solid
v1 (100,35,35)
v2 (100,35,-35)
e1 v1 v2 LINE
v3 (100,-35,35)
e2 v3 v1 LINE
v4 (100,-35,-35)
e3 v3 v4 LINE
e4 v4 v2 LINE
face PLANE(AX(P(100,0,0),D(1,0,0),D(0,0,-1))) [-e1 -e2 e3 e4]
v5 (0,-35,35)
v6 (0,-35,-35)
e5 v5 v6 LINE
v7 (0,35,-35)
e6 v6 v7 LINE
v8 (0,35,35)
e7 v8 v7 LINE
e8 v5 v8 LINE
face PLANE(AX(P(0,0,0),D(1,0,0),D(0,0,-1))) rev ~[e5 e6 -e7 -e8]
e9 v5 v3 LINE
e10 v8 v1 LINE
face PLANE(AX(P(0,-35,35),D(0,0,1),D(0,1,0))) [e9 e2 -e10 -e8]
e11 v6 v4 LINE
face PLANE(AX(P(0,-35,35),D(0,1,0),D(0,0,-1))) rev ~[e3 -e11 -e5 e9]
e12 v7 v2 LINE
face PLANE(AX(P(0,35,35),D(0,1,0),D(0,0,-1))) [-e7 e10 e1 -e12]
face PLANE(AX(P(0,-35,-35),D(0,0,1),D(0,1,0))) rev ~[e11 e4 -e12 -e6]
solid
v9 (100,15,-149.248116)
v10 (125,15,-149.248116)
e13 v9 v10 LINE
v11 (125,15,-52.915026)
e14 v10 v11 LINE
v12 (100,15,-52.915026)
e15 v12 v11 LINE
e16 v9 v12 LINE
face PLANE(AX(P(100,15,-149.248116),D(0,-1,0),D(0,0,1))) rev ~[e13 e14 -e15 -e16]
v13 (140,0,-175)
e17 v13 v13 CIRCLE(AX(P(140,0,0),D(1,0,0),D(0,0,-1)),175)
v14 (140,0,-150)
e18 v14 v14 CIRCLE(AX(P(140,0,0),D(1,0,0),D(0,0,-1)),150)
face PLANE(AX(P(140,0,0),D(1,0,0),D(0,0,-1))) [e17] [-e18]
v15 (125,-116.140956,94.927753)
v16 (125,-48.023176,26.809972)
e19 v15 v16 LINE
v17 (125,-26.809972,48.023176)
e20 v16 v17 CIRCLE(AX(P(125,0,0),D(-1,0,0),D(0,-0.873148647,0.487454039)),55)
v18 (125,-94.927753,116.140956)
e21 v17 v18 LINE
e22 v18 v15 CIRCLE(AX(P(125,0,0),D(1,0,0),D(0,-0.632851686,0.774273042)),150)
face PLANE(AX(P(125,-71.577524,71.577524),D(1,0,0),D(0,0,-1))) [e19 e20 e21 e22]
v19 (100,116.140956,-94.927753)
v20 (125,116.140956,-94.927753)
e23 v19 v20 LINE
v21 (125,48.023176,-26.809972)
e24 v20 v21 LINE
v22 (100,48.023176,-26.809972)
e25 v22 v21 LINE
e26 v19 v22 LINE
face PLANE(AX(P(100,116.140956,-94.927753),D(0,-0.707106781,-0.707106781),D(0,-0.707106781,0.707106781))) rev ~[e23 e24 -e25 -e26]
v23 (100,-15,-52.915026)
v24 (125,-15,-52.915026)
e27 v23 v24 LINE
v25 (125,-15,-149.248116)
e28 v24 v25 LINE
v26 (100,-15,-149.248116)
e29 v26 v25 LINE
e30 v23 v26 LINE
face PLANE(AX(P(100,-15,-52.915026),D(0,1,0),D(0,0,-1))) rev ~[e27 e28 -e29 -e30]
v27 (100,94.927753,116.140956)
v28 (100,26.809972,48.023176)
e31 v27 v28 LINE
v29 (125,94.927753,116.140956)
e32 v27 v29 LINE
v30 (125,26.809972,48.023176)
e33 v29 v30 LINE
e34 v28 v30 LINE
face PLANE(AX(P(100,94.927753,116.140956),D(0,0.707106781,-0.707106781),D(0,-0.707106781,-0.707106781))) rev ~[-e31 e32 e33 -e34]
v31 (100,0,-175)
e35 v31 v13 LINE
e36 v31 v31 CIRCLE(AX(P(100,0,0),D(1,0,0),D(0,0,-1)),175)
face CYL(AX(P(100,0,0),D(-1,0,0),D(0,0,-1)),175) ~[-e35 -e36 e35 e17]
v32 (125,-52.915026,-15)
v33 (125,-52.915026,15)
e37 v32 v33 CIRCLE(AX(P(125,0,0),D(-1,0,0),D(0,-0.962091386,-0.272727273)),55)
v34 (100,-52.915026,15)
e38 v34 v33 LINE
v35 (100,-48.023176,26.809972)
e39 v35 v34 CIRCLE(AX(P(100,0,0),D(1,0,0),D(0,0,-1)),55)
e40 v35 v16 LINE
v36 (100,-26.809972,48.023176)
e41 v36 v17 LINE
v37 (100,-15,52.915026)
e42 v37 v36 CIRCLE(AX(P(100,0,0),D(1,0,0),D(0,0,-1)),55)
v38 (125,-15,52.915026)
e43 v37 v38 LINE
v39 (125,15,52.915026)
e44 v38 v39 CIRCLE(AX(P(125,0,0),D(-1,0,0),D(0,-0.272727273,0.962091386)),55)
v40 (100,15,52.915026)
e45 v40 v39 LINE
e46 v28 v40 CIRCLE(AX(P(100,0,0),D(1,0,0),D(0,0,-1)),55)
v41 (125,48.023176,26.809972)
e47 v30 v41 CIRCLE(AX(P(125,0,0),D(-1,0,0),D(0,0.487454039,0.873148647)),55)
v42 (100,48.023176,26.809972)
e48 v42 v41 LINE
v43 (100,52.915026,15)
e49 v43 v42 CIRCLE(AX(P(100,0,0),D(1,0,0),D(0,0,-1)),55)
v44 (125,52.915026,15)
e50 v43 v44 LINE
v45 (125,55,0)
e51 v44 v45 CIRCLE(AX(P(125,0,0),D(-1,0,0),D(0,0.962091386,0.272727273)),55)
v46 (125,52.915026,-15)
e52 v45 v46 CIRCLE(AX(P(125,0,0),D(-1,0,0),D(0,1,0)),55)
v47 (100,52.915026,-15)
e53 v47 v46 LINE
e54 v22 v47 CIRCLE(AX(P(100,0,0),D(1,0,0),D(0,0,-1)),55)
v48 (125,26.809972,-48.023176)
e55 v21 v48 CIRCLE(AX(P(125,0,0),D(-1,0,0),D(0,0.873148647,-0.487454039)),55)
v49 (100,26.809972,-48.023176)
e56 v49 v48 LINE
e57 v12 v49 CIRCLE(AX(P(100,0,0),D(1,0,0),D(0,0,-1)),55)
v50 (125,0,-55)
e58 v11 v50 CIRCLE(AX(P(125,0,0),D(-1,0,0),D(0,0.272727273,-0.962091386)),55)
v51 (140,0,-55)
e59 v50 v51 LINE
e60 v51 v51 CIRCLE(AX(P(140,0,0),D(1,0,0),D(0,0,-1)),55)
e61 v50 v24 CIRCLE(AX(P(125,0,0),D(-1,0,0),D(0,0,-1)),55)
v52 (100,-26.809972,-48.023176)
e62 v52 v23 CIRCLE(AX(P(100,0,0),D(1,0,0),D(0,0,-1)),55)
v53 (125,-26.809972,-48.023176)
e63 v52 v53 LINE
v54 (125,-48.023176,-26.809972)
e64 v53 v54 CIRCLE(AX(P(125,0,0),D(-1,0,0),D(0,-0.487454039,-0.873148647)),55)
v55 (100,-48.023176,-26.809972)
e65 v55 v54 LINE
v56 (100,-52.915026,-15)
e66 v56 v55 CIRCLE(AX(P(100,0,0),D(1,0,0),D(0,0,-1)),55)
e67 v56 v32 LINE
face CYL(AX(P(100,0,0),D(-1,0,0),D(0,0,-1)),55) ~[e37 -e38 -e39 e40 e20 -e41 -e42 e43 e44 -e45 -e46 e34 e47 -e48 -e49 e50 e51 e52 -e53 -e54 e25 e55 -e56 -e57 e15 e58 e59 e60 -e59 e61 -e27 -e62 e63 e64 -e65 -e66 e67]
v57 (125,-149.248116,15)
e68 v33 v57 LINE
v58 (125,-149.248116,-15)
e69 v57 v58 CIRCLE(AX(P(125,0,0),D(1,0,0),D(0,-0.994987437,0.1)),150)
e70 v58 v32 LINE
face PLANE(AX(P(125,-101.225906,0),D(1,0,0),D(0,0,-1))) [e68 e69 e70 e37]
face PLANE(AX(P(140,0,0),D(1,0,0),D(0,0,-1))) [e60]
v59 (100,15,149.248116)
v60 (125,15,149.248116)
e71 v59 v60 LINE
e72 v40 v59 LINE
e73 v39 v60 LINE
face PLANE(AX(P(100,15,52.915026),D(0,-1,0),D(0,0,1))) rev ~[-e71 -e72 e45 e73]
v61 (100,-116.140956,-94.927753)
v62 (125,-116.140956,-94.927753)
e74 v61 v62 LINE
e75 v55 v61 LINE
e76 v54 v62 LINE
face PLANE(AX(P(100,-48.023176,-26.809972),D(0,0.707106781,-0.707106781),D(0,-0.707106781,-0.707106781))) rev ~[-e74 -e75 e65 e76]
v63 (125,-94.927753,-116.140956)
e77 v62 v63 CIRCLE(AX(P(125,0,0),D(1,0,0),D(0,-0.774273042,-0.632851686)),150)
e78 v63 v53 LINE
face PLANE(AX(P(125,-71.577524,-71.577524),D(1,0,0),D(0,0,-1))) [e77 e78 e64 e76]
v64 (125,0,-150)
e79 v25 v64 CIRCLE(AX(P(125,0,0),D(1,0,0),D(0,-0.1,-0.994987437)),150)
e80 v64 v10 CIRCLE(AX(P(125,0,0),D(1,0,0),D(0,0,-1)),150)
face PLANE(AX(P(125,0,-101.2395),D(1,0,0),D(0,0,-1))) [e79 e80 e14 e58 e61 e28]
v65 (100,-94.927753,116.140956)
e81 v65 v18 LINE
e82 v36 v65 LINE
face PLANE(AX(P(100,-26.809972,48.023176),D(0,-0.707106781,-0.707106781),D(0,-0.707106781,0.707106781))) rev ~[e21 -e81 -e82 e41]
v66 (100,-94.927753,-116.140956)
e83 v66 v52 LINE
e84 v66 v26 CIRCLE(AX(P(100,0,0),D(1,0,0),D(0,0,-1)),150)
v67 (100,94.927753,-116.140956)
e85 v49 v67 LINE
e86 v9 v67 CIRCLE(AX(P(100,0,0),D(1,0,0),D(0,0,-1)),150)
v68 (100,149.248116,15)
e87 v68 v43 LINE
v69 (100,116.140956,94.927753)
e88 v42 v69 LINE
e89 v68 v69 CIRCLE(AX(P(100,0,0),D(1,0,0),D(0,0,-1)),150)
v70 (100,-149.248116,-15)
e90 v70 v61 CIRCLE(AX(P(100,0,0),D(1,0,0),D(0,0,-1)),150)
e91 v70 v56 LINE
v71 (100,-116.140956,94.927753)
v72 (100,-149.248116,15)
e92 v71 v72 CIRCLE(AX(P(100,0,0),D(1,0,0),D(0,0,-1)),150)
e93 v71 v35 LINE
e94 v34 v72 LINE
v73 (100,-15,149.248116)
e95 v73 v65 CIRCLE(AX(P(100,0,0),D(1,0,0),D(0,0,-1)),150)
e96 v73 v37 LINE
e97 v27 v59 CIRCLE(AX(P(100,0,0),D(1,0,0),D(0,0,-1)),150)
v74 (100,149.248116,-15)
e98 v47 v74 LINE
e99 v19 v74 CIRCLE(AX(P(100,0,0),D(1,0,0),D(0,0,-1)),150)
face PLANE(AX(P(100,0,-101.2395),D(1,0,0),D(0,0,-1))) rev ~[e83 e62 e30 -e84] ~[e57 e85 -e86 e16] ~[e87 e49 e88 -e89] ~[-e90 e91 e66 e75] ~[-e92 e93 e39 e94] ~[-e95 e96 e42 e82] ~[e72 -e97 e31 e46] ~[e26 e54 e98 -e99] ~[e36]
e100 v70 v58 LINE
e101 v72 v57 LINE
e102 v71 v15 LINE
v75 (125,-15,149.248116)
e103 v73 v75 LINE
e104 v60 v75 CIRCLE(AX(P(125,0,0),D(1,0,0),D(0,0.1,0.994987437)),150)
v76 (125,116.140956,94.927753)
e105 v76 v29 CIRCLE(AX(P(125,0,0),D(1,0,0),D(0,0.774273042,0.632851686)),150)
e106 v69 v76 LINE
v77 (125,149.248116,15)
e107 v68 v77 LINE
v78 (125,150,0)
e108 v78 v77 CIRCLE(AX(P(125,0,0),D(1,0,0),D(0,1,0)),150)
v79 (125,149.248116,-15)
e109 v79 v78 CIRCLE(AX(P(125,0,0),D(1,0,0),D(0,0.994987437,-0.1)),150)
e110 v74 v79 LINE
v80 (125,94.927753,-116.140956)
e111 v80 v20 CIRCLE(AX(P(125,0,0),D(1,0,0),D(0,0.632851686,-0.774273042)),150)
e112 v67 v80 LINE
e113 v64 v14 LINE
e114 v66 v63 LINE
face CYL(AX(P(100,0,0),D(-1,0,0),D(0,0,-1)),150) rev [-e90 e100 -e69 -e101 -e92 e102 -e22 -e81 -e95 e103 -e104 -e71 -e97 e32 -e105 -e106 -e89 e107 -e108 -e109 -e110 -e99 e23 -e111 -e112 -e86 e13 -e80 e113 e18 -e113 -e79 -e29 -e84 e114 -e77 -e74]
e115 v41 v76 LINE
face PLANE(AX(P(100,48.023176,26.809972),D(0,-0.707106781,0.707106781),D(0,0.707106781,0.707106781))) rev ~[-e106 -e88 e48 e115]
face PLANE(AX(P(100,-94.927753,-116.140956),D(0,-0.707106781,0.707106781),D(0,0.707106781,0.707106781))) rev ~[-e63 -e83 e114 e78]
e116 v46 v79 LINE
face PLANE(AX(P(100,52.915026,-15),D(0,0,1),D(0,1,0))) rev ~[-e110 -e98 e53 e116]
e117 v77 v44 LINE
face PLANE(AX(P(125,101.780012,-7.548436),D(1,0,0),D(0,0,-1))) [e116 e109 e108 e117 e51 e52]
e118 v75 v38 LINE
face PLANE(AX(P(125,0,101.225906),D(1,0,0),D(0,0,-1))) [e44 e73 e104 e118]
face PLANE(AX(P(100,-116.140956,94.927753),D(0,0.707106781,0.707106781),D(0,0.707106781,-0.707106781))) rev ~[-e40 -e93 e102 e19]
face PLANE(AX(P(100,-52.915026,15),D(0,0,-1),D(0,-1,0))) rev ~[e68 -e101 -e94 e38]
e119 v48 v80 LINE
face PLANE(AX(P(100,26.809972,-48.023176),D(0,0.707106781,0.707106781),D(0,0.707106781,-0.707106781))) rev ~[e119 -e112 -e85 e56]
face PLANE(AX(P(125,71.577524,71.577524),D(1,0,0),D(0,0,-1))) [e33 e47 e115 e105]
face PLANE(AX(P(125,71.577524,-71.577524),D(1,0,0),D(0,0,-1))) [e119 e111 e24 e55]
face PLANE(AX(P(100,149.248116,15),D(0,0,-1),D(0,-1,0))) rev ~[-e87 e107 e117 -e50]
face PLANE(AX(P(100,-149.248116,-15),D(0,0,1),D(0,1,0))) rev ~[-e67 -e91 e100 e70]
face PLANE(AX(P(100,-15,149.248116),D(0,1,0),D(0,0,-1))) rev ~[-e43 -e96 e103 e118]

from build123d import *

# Parameters (mm, degrees)
ESQUISSE1_W          = 70
ESQUISSE1_H          = 70
BOSS_EXTRU_1_DEPTH   = 100
ESQUISSE2_R          = 55
BOSS_EXTRU_2_DEPTH   = 40
ESQUISSE2_R_2        = 175
ESQUISSE2_R_3        = 150
BOSS_EXTRU_2_2_DEPTH = 40
BOSS_EXTRU_3_DEPTH   = 25


with BuildPart() as part:
    # Esquisse1 → Boss.-Extru.1 (new body)
    with BuildSketch(Plane(origin=(0, 0, 0), x_dir=(0, 0, -1), z_dir=(1, 0, 0))):
        Rectangle(ESQUISSE1_W, ESQUISSE1_H)
    extrude(amount=BOSS_EXTRU_1_DEPTH)


with BuildPart() as body_2:
    # Esquisse2 → Boss.-Extru.2 (new body)
    with BuildSketch(Plane(origin=(100, 0, 0), x_dir=(0, 0, -1), z_dir=(1, 0, 0))):
        Circle(ESQUISSE2_R)
    extrude(amount=BOSS_EXTRU_2_DEPTH)



with BuildPart() as body_3:
    # Esquisse2 → Boss.-Extru.2 2 (new body)
    with BuildSketch(Plane(origin=(100, 0, 0), x_dir=(0, 0, -1), z_dir=(1, 0, 0))):
        Circle(ESQUISSE2_R_2)
        Circle(ESQUISSE2_R_3, mode=Mode.SUBTRACT)
    extrude(amount=BOSS_EXTRU_2_2_DEPTH)


with BuildPart() as body_2_1:
    add(body_2.part)

    add(body_3.part)  # Boss.-Extru.3 merges body 3
    # Esquisse2<3> → Boss.-Extru.3 (add)
    with BuildSketch(Plane(origin=(100, 0, 0), x_dir=(0, 0, -1), z_dir=(1, 0, 0))):
        with BuildLine():
            ThreePointArc((-15, 52.915026221), (0, 55), (15, 52.915026221))
            Line((15, 52.915026221), (15, 149.248115566))
            ThreePointArc((15, 149.248115566), (0, 150), (-15, 149.248115566))
            Line((-15, 149.248115566), (-15, 52.915026221))
        make_face()
        with BuildLine():
            Line((94.927752878, 116.140956314), (26.80997215, 48.023175586))
            ThreePointArc((26.80997215, 48.023175586), (38.890872965, 38.890872965), (48.023175586, 26.80997215))
            Line((48.023175586, 26.80997215), (116.140956314, 94.927752878))
            ThreePointArc((116.140956314, 94.927752878), (106.066017178, 106.066017178), (94.927752878, 116.140956314))
        make_face()
        with BuildLine():
            ThreePointArc((-48.023175586, 26.80997215), (-38.890872965, 38.890872965), (-26.80997215, 48.023175586))
            Line((-26.80997215, 48.023175586), (-94.927752878, 116.140956314))
            ThreePointArc((-94.927752878, 116.140956314), (-106.066017178, 106.066017178), (-116.140956314, 94.927752878))
            Line((-116.140956314, 94.927752878), (-48.023175586, 26.80997215))
        make_face()
        with BuildLine():
            Line((149.248115566, 15), (52.915026221, 15))
            ThreePointArc((52.915026221, 15), (55, 0), (52.915026221, -15))
            Line((52.915026221, -15), (149.248115566, -15))
            ThreePointArc((149.248115566, -15), (150, 0), (149.248115566, 15))
        make_face()
        with BuildLine():
            ThreePointArc((-52.915026221, -15), (-55, 0), (-52.915026221, 15))
            Line((-52.915026221, 15), (-149.248115566, 15))
            ThreePointArc((-149.248115566, 15), (-150, 0), (-149.248115566, -15))
            Line((-149.248115566, -15), (-52.915026221, -15))
        make_face()
        with BuildLine():
            ThreePointArc((-26.80997215, -48.023175586), (-38.890872965, -38.890872965), (-48.023175586, -26.80997215))
            Line((-48.023175586, -26.80997215), (-116.140956314, -94.927752878))
            ThreePointArc((-116.140956314, -94.927752878), (-106.066017178, -106.066017178), (-94.927752878, -116.140956314))
            Line((-94.927752878, -116.140956314), (-26.80997215, -48.023175586))
        make_face()
        with BuildLine():
            Line((116.140956314, -94.927752878), (48.023175586, -26.80997215))
            ThreePointArc((48.023175586, -26.80997215), (38.890872965, -38.890872965), (26.80997215, -48.023175586))
            Line((26.80997215, -48.023175586), (94.927752878, -116.140956314))
            ThreePointArc((94.927752878, -116.140956314), (106.066017178, -106.066017178), (116.140956314, -94.927752878))
        make_face()
        with BuildLine():
            ThreePointArc((15, -52.915026221), (0, -55), (-15, -52.915026221))
            Line((-15, -52.915026221), (-15, -149.248115566))
            ThreePointArc((-15, -149.248115566), (0, -150), (15, -149.248115566))
            Line((15, -149.248115566), (15, -52.915026221))
        make_face()
    extrude(amount=BOSS_EXTRU_3_DEPTH)


solid = Compound([part.part, body_2_1.part])
